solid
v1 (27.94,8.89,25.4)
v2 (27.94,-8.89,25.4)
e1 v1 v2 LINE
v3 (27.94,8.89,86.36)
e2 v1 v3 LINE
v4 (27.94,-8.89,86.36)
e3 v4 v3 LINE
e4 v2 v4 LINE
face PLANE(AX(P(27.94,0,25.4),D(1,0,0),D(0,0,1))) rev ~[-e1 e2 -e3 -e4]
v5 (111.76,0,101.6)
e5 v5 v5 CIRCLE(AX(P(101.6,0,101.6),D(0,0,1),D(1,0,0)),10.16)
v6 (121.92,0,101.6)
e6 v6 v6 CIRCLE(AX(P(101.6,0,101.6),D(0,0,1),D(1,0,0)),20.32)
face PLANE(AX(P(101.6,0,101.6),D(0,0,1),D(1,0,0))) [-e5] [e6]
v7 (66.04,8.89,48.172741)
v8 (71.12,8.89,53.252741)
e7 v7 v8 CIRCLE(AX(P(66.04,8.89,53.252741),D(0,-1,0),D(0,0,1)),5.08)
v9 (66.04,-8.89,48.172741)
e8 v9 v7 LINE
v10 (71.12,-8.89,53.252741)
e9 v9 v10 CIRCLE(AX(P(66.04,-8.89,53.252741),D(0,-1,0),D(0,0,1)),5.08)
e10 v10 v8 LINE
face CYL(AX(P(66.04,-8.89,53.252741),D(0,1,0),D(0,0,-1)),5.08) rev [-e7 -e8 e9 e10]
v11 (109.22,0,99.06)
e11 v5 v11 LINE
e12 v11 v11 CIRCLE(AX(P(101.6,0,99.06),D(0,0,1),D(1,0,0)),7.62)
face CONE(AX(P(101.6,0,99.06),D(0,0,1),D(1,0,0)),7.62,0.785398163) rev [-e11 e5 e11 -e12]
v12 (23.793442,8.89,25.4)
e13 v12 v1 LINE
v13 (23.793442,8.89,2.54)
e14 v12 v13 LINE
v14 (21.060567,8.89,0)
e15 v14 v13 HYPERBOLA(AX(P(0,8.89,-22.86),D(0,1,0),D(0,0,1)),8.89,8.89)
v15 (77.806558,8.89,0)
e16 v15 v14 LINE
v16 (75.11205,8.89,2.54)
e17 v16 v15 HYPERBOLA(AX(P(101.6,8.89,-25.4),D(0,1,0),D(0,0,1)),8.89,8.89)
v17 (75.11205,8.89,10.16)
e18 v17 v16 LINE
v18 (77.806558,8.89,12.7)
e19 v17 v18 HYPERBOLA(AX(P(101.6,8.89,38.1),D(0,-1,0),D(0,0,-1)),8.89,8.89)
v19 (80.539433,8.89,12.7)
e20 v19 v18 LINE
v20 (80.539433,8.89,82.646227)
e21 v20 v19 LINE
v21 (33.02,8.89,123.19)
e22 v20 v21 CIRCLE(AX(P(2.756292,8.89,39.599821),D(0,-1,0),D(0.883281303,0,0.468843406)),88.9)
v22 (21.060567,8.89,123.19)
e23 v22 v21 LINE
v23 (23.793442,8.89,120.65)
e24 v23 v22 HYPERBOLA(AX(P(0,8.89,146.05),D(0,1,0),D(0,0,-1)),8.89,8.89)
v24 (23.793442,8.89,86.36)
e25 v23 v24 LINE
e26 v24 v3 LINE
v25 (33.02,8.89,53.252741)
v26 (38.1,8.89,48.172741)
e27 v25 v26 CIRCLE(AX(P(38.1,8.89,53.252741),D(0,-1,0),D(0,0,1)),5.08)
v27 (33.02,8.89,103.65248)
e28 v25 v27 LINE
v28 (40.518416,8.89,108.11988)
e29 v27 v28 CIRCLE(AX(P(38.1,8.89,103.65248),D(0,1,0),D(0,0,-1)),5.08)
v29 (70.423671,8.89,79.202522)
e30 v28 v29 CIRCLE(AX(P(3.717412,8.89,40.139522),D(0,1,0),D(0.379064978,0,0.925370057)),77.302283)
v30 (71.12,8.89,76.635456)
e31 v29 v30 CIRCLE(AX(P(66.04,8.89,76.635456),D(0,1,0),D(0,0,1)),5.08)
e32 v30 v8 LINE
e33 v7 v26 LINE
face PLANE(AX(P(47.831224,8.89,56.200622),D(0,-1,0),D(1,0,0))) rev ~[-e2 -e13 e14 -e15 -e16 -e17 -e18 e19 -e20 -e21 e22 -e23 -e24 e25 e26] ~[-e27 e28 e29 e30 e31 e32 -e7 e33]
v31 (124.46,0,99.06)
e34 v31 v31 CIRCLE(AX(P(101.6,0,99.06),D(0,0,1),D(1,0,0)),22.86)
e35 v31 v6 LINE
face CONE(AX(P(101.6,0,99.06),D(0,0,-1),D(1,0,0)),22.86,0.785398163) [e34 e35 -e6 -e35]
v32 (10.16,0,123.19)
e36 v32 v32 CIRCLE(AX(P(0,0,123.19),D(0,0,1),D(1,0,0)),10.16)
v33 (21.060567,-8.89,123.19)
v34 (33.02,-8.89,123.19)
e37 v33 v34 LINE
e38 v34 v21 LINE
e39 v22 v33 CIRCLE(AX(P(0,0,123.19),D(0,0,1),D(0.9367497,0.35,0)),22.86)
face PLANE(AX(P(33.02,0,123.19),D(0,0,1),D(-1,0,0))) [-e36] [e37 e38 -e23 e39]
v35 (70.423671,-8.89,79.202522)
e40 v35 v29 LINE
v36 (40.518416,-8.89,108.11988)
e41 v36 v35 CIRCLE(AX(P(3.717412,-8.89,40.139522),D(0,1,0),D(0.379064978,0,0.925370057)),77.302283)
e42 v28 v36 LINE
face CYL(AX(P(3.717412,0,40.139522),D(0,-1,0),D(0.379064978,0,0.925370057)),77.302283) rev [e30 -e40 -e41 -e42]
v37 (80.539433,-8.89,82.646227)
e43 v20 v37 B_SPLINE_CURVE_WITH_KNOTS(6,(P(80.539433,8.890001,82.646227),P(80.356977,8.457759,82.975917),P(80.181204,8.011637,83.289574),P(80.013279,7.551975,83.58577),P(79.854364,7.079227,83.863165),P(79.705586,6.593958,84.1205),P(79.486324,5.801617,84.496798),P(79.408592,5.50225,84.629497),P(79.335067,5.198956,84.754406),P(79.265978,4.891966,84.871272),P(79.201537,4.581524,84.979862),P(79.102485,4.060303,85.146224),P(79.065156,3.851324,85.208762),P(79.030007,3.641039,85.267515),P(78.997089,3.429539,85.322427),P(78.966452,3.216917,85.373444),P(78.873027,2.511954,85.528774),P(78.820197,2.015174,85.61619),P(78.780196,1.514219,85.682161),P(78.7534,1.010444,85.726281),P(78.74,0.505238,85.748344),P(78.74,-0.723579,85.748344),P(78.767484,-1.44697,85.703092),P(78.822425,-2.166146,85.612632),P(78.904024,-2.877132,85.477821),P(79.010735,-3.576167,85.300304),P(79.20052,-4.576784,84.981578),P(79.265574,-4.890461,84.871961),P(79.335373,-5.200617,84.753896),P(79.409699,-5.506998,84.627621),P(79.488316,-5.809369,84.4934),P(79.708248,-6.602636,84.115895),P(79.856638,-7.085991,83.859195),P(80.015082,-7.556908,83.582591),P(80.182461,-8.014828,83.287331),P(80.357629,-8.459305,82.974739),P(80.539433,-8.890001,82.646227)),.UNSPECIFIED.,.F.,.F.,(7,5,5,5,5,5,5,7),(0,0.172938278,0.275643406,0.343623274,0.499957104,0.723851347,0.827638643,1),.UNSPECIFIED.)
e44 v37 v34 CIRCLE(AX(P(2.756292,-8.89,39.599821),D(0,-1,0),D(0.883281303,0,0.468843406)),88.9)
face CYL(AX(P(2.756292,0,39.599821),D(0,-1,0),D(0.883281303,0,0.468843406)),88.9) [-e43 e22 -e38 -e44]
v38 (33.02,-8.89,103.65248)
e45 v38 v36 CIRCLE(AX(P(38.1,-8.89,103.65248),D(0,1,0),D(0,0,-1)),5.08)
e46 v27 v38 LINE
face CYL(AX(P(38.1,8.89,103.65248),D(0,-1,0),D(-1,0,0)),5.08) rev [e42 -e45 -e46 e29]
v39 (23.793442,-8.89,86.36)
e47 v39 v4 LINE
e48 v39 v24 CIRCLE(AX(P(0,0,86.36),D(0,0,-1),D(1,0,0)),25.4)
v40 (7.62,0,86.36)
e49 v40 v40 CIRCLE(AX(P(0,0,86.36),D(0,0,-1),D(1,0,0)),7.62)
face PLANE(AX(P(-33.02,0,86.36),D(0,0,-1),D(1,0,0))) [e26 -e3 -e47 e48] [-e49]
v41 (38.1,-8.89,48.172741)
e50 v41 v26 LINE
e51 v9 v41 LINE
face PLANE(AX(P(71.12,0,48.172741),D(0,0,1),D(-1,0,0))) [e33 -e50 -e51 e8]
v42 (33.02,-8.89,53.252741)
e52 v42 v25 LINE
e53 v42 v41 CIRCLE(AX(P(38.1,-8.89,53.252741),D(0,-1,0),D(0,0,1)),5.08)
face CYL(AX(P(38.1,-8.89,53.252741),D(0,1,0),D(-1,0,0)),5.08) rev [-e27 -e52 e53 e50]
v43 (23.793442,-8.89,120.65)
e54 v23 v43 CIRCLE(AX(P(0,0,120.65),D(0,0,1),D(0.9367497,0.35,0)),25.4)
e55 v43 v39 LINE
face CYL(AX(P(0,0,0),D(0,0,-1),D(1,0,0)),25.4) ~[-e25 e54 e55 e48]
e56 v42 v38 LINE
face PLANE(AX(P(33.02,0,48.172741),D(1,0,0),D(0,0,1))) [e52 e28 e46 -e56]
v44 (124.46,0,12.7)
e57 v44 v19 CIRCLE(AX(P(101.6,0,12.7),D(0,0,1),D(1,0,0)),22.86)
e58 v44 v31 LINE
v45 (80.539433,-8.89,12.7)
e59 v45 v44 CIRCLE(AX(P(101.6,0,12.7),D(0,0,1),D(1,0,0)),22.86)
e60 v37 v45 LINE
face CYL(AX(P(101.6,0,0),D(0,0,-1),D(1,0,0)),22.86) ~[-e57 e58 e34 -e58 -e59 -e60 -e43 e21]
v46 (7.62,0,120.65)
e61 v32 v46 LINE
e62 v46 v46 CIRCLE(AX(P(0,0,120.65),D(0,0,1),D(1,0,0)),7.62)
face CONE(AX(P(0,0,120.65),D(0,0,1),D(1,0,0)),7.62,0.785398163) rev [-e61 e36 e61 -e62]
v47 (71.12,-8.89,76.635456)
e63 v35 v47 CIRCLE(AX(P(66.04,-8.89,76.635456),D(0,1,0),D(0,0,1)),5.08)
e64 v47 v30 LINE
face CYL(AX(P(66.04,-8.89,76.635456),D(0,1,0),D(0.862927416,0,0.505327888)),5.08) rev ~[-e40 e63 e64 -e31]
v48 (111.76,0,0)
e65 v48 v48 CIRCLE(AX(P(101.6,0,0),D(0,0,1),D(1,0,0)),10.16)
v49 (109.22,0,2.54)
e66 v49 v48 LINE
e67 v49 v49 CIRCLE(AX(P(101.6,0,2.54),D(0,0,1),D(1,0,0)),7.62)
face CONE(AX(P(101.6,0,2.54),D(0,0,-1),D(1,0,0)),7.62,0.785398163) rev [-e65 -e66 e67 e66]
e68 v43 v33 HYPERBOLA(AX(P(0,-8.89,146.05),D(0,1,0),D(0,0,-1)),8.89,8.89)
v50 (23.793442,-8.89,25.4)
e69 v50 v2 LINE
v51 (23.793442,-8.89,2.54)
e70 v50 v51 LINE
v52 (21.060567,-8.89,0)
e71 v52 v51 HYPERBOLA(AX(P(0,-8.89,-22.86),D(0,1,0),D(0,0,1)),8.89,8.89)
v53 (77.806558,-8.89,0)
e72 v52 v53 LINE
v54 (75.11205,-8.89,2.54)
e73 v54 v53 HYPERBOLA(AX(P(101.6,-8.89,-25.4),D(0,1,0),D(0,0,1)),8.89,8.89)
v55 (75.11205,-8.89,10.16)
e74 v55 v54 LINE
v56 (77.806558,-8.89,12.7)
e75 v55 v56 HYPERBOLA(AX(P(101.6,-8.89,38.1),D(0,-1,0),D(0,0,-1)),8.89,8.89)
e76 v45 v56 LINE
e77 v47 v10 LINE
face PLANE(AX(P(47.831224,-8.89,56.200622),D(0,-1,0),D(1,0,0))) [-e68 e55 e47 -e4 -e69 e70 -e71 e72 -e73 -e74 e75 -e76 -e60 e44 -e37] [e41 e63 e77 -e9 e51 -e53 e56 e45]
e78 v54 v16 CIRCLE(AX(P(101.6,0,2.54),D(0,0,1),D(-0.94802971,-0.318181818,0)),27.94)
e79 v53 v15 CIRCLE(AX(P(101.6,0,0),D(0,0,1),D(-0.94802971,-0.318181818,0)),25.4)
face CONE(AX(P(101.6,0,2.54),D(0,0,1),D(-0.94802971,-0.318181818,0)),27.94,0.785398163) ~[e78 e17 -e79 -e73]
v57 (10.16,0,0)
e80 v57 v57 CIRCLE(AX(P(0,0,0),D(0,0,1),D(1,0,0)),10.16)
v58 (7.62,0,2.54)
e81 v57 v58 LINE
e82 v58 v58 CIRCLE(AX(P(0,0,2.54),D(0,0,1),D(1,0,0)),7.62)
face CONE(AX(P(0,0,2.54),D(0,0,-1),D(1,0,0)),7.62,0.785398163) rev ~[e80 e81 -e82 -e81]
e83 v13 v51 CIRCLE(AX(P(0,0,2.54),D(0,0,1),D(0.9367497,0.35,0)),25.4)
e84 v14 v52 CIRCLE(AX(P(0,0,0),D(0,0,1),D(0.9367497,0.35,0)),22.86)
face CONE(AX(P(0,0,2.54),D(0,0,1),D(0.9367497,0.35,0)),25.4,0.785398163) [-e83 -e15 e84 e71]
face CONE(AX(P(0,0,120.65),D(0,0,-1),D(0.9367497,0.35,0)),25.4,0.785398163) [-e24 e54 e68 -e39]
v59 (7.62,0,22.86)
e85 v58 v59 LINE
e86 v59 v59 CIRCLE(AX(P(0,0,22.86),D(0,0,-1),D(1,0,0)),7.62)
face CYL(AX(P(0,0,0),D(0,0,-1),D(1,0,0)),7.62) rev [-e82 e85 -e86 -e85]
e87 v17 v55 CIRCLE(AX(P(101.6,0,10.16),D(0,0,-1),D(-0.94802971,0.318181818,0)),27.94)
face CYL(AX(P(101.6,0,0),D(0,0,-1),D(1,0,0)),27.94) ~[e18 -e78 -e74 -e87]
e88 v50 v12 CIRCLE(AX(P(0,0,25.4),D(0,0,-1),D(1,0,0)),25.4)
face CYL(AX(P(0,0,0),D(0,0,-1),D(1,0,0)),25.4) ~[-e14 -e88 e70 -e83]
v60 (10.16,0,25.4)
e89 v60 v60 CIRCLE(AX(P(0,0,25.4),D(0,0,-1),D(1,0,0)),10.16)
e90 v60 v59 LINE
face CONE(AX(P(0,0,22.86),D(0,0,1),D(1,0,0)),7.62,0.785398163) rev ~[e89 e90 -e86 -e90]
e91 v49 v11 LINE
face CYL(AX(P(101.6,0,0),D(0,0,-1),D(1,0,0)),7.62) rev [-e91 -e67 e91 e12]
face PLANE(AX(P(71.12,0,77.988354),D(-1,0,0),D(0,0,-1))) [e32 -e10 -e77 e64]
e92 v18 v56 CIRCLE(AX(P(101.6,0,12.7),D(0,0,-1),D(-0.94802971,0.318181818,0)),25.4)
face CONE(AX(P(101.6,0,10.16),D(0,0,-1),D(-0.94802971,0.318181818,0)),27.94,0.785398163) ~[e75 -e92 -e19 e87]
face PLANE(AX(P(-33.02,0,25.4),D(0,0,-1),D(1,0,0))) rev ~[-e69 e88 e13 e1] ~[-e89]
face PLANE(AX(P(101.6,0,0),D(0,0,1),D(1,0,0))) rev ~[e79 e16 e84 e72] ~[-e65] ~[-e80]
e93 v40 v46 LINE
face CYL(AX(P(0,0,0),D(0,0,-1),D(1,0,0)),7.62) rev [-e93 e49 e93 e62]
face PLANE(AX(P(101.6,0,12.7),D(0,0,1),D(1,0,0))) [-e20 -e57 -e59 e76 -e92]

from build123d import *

# Parameters (mm, degrees)
F0_R      = 25.4
F0_R_2    = 7.62
F1_DEPTH  = 123.19
F0_R_3    = 22.86
F3_DEPTH  = 101.6
F5_DEPTH  = 8.89
F6_W      = 60.96
F6_H      = 60.96
F7_DEPTH  = 50.8
F8_R      = 5.08
F9_SIZE   = 2.54
F10_R     = 27.94
F10_R_2   = 22.86
F11_DEPTH = 12.7
F12_SIZE  = 2.54


with BuildPart() as f1:
    # F0 (on Top) → F1 (new body)
    with BuildSketch(Plane.XY):
        Circle(F0_R)
        Circle(F0_R_2, mode=Mode.SUBTRACT)
    extrude(amount=F1_DEPTH)



with BuildPart() as f3:
    # F0 (on Top) → F3 (new body)
    with BuildSketch(Plane.XY):
        with Locations((101.6, 0)):
            Circle(F0_R_3)
        with Locations((101.6, 0)):
            Circle(F0_R_2, mode=Mode.SUBTRACT)
    extrude(amount=F3_DEPTH)


with BuildPart() as f1_1:
    add(f1.part)

    add(f3.part)  # F5 merges F3
    # F4 (on Front) → F5 (join, symmetric)
    with BuildSketch(Plane.XZ):
        with BuildLine():
            Line((20.32, 123.19), (20.32, 0))
            Line((20.32, 0), (81.28, 0))
            Line((81.28, 0), (81.28, 81.28))
            ThreePointArc((81.28, 81.28), (61.0468357955, 106.7222654615), (33.02, 123.19))
            Line((33.02, 123.19), (20.32, 123.19))
        make_face()
        with BuildLine():
            ThreePointArc((33.02, 111.6727406383), (54.9192892431, 98.053343988), (71.12, 77.988354443))
            Line((71.12, 77.988354443), (71.12, 48.1727406383))
            Line((71.12, 48.1727406383), (33.02, 48.1727406383))
            Line((33.02, 48.1727406383), (33.02, 111.6727406383))
        make_face(mode=Mode.SUBTRACT)
    extrude(amount=F5_DEPTH, both=True)

    # F6 (on Front) → F7 (cut, symmetric)
    with BuildSketch(Plane.XZ):
        with Locations((-2.54, 55.88)):
            Rectangle(F6_W, F6_H)
    extrude(amount=F7_DEPTH, both=True, mode=Mode.SUBTRACT)

    # F8
    f8_edges = [f1_1.edges().sort_by_distance(p)[0] for p in [
        (33.02, 0, 111.672741),
        (71.12, 0, 77.988354),
        (33.02, 0, 48.172741),
        (71.12, 0, 48.172741),
    ]]
    fillet(f8_edges, radius=F8_R)

    # F9
    f9_edges = [f1_1.edges().sort_by_distance(p)[0] for p in [
        (-7.62, 0, 123.19),
        (-25.4, 0, 123.19),
        (-7.62, 0, 25.4),
        (-7.62, 0, 0),
        (-25.4, 0, 0),
    ]]
    chamfer(f9_edges, length=F9_SIZE)

    # F10 (on Top) → F11 (join)
    with BuildSketch(Plane.XY):
        with Locations((101.6, 0)):
            Circle(F10_R)
        with Locations((101.6, 0)):
            Circle(F10_R_2, mode=Mode.SUBTRACT)
    extrude(amount=F11_DEPTH)

    # F12
    f12_edges = [f1_1.edges().sort_by_distance(p)[0] for p in [
        (93.98, 0, 0),
        (129.54, 0, 0),
        (93.98, 0, 101.6),
        (129.54, 0, 12.7),
        (78.74, 0, 101.6),
    ]]
    chamfer(f12_edges, length=F12_SIZE)


solid = f1_1.part
